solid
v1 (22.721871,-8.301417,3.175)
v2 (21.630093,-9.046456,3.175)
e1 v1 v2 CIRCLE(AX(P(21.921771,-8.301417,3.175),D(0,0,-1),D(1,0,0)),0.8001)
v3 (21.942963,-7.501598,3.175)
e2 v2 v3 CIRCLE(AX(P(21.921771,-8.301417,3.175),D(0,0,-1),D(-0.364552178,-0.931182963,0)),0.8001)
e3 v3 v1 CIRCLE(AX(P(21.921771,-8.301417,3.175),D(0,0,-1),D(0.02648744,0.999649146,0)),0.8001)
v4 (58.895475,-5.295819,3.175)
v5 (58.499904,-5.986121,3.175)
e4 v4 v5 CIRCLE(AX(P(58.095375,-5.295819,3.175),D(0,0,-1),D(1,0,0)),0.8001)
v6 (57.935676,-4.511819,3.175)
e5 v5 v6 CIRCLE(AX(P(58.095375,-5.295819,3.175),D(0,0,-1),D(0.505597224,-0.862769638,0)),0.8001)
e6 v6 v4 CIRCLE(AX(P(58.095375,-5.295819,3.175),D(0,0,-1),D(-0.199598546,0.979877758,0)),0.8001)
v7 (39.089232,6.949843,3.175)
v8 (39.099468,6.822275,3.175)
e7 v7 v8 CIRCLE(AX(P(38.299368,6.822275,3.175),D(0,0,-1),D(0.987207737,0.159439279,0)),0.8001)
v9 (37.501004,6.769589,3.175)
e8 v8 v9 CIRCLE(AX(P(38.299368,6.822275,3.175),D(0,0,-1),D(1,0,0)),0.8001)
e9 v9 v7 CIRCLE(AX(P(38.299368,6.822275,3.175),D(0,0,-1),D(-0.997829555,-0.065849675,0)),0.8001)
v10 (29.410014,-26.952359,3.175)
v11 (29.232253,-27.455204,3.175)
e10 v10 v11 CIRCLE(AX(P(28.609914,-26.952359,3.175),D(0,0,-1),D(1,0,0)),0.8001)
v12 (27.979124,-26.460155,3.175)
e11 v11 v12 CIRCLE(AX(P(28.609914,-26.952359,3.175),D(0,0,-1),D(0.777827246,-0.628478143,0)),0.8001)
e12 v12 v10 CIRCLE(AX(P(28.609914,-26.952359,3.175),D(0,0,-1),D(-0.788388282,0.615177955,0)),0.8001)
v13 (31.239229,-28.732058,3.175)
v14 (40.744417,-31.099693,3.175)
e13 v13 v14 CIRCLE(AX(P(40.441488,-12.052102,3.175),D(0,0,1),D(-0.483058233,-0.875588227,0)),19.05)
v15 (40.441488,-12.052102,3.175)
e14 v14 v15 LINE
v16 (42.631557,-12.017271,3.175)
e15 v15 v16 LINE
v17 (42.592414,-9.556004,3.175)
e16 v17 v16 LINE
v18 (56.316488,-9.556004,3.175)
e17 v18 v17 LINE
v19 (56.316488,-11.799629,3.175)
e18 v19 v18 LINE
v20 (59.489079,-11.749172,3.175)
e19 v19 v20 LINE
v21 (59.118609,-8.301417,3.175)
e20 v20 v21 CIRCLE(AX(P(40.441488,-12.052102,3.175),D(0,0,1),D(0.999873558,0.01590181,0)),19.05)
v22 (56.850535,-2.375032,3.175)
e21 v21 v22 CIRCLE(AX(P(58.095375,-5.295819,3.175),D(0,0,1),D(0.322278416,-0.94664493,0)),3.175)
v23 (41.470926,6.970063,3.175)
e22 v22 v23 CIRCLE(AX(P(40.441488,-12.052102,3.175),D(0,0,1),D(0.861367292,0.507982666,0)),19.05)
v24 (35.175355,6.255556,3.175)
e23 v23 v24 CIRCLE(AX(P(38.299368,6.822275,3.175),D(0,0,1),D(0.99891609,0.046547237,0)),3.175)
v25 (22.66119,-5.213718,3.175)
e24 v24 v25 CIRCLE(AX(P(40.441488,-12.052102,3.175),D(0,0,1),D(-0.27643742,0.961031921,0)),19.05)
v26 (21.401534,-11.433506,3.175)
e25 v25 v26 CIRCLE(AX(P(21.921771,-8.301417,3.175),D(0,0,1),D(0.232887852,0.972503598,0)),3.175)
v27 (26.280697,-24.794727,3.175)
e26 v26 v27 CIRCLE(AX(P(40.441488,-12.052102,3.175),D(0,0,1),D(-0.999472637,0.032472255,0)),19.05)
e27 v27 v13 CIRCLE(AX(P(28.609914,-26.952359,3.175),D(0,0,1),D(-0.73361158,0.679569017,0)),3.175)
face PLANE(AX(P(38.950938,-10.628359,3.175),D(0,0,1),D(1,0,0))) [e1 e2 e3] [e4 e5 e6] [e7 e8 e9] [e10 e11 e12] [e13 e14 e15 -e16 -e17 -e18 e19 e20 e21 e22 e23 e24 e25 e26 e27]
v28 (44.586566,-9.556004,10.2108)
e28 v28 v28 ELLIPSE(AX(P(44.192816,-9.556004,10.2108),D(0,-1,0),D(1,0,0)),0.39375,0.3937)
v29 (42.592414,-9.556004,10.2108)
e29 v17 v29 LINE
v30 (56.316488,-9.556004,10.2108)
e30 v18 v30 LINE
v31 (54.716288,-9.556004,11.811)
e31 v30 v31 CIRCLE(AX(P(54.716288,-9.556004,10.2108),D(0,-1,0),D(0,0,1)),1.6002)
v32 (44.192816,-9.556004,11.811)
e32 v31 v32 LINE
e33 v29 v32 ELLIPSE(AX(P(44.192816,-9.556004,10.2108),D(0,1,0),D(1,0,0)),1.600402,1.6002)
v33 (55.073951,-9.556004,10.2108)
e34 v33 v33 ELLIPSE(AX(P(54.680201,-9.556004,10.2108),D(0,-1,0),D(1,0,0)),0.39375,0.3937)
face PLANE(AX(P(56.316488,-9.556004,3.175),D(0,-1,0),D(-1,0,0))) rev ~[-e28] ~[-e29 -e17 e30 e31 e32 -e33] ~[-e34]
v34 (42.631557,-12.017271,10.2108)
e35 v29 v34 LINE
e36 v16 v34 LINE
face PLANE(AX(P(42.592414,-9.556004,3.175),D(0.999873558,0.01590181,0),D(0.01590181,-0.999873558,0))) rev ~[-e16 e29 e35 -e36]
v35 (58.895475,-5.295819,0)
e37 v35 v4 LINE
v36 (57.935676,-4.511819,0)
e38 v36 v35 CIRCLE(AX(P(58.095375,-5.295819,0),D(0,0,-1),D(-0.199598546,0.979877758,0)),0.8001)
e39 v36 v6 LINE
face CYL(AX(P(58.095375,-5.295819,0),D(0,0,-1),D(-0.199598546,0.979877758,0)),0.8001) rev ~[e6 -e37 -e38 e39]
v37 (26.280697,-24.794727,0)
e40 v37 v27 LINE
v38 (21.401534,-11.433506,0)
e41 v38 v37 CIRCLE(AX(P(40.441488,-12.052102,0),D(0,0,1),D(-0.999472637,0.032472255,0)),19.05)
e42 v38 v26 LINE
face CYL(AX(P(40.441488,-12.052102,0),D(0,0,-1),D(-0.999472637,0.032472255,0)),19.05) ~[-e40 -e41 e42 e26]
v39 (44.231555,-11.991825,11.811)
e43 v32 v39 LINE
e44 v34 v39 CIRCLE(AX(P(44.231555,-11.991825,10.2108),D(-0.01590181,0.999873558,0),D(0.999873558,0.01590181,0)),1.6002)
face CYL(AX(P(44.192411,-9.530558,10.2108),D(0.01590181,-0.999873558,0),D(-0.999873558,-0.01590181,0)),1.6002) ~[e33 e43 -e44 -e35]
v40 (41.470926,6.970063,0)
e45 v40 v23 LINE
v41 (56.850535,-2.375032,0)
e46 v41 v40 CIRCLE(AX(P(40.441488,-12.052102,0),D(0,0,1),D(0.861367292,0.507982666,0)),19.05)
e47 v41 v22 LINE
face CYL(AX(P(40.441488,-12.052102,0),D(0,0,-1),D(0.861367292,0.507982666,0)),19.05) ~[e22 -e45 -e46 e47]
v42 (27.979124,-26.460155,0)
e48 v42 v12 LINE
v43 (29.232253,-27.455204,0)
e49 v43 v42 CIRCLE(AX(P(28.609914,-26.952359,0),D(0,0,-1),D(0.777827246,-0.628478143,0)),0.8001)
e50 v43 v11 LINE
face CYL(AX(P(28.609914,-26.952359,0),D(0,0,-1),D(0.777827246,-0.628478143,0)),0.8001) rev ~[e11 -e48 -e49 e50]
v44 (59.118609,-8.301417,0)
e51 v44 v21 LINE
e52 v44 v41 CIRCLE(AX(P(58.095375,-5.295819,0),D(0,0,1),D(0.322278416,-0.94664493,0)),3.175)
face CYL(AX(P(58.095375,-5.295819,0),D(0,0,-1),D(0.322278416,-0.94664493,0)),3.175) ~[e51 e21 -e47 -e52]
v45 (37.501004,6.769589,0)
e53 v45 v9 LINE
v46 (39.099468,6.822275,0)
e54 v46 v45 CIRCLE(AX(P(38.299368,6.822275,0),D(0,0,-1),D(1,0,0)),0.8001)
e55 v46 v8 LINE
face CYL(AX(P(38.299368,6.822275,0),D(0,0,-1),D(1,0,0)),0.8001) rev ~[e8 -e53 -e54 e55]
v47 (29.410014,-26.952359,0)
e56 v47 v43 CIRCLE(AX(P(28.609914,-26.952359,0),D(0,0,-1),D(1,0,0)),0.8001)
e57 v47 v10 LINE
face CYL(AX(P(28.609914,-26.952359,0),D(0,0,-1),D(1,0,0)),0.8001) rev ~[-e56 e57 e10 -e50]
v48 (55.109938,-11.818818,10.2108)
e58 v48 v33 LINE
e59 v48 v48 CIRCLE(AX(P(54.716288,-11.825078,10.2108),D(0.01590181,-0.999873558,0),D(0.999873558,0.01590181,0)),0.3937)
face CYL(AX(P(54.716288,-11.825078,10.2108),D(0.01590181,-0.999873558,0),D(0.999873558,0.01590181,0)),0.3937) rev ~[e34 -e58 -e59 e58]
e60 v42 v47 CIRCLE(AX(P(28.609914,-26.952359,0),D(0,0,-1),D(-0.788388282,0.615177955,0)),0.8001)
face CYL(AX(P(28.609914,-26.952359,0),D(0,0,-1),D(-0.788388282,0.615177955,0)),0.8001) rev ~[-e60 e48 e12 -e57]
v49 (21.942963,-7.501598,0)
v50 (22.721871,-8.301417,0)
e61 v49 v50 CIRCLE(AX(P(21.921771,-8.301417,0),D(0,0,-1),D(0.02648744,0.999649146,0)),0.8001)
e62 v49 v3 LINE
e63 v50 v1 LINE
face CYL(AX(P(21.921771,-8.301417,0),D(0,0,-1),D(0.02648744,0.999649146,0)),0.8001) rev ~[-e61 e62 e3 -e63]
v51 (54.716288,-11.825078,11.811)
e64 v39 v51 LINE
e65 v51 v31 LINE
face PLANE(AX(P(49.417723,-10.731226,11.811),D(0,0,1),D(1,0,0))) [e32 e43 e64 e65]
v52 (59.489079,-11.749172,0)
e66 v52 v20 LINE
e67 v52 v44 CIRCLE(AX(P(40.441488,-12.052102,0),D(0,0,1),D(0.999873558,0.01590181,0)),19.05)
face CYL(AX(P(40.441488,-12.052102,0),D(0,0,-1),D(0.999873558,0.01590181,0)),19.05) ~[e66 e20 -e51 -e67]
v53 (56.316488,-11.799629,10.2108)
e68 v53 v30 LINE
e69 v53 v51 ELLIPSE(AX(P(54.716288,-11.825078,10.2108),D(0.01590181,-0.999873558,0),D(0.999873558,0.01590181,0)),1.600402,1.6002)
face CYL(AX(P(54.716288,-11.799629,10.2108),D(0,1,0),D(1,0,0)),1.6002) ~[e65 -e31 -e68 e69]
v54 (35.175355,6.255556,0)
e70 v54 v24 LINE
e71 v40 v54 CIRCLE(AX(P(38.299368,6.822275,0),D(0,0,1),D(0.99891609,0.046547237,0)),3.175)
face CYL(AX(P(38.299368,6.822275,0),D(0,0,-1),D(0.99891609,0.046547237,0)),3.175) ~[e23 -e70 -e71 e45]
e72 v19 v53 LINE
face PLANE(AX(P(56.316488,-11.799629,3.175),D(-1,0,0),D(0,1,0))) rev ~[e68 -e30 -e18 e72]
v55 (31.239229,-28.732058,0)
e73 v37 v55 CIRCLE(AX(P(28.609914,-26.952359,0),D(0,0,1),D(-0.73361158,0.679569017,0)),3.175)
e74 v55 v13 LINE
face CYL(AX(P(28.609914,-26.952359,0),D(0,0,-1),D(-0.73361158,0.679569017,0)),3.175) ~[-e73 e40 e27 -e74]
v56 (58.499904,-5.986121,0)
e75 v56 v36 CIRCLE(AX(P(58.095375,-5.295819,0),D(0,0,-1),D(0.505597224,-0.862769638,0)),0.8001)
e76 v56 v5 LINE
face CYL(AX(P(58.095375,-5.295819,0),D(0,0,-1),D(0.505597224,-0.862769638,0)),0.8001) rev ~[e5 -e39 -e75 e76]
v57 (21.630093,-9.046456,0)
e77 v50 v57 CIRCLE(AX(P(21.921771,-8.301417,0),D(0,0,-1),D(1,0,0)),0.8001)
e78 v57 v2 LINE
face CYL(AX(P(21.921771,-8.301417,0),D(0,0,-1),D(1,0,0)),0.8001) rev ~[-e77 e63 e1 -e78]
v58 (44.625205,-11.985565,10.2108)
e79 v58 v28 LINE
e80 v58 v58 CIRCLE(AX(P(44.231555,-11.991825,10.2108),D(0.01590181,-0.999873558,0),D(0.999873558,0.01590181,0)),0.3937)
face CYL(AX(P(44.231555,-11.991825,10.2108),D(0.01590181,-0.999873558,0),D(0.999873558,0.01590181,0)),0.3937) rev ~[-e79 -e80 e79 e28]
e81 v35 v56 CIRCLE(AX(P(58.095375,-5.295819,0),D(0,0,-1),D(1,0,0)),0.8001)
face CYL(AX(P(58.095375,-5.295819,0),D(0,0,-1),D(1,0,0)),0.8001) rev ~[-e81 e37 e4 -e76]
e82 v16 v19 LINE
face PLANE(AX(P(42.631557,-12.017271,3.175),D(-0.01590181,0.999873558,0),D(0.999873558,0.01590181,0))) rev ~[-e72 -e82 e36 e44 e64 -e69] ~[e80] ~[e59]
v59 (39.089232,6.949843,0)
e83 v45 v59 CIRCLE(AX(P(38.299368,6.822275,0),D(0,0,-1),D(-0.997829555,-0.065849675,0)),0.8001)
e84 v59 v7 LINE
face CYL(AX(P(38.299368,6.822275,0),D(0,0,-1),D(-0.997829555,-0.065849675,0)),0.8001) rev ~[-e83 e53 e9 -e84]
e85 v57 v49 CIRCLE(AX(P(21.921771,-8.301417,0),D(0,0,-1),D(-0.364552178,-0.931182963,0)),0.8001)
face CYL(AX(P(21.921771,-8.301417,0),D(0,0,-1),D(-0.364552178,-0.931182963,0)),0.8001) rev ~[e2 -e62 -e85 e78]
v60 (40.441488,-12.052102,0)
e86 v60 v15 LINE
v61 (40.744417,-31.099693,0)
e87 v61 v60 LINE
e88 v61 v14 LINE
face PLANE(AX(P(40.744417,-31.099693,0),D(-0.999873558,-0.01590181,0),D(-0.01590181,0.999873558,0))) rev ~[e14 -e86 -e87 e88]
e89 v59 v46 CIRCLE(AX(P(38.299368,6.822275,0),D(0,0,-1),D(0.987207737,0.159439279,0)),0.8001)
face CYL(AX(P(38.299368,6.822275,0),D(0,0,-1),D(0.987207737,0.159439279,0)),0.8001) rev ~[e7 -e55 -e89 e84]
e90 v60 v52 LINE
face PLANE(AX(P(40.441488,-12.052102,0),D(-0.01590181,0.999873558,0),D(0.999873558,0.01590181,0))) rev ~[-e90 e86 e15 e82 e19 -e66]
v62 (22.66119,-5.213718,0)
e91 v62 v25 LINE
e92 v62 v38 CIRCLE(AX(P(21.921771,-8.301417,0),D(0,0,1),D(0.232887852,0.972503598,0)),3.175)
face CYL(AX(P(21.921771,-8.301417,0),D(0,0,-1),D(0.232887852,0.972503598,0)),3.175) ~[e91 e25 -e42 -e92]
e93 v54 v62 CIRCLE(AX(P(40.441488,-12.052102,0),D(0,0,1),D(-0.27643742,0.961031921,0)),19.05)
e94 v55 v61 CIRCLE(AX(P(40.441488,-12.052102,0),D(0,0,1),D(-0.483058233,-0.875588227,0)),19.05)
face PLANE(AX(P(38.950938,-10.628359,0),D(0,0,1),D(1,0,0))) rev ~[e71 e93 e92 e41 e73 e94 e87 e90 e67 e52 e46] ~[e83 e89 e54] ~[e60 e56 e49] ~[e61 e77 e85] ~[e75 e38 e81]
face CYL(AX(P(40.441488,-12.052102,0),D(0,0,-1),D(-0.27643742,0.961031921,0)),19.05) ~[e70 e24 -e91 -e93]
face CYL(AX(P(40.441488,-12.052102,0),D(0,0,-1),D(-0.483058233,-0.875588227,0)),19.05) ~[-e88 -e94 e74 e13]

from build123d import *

# Parameters (mm, degrees)
F1_DEPTH = 3.175
F3_DEPTH = 8.636
F4_R     = 1.6002
F5_R     = 0.3937
F6_DEPTH = 25.4
F7_DEPTH = 25.4


with BuildPart() as f1:
    # F0 (on Top) → F1 (new body)
    with BuildSketch(Plane.XY):
        with BuildLine():
            ThreePointArc((31.2392285465, -28.7320576953), (35.8370397612, -30.5372732521), (40.7444173623, -31.0996932487))
            Line((40.7444173623, -31.0996932487), (40.4414878789, -12.0521019645))
            Line((40.4414878789, -12.0521019645), (59.489079163, -11.7491724811))
            ThreePointArc((59.489079163, -11.7491724811), (59.3824551279, -10.0168477616), (59.1186092237, -8.3014169243))
            ThreePointArc((59.1186092237, -8.3014169243), (58.8457012348, -7.1340301115), (58.4999035926, -5.9861212597))
            ThreePointArc((58.4999035926, -5.9861212597), (57.3481289048, -5.5817963761), (57.9356764569, -4.5118190787))
            ThreePointArc((57.9356764569, -4.5118190787), (57.4267405613, -3.4263445302), (56.8505347882, -2.3750321845))
            ThreePointArc((56.8505347882, -2.3750321845), (50.3338026609, 4.2280887055), (41.4709261237, 6.9700629202))
            ThreePointArc((41.4709261237, 6.9700629202), (40.2797629673, 6.9972115416), (39.0892324485, 6.949842811))
            ThreePointArc((39.0892324485, 6.949842811), (39.096904661, 6.8862640952), (39.0994675382, 6.822275443))
            ThreePointArc((39.0994675382, 6.822275443), (38.3257250063, 6.0226097042), (37.5010041114, 6.7695891182))
            ThreePointArc((37.5010041114, 6.7695891182), (36.33013815, 6.5489545487), (35.1753550199, 6.2555561247))
            ThreePointArc((35.1753550199, 6.2555561247), (27.5701803077, 1.991827023), (22.66118966, -5.2137179999))
            ThreePointArc((22.66118966, -5.2137179999), (22.2660417046, -6.3463455408), (21.9429633319, -7.5015976424))
            ThreePointArc((21.9429633319, -7.5015976424), (22.4949706136, -7.7432037883), (22.7218707315, -8.3014169243))
            ThreePointArc((22.7218707315, -8.3014169243), (22.3727631285, -8.9622995673), (21.6300925341, -9.0464564127))
            ThreePointArc((21.6300925341, -9.0464564127), (21.4782165965, -10.2363810963), (21.4015341389, -11.4335055067))
            ThreePointArc((21.4015341389, -11.4335055067), (22.5472730496, -18.5865931952), (26.2806968621, -24.7947271956))
            ThreePointArc((26.2806968621, -24.7947271956), (27.1038904808, -25.6539766753), (27.9791241647, -26.4601549439))
            ThreePointArc((27.9791241647, -26.4601549439), (28.8701686575, -26.1957695514), (29.4100136292, -26.9523588259))
            ThreePointArc((29.4100136292, -26.9523588259), (29.3642656384, -27.2190291398), (29.2322532085, -27.4552041879))
            ThreePointArc((29.2322532085, -27.4552041879), (30.2157917864, -28.1249871885), (31.2392285465, -28.7320576953))
        make_face()
        with BuildLine():
            ThreePointArc((26.2806968621, -24.7947271956), (26.6355383886, -29.438815624), (31.2392285465, -28.7320576953))
            ThreePointArc((31.2392285465, -28.7320576953), (30.2157917864, -28.1249871885), (29.2322532085, -27.4552041879))
            ThreePointArc((29.2322532085, -27.4552041879), (28.1123710686, -27.578945939), (27.9791241647, -26.4601549439))
            ThreePointArc((27.9791241647, -26.4601549439), (27.1038904808, -25.6539766753), (26.2806968621, -24.7947271956))
        make_face()
        with BuildLine():
            ThreePointArc((58.4999035926, -5.9861212597), (58.8457012348, -7.1340301115), (59.1186092237, -8.3014169243))
            ThreePointArc((59.1186092237, -8.3014169243), (61.0606385443, -4.1609894973), (56.8505347882, -2.3750321845))
            ThreePointArc((56.8505347882, -2.3750321845), (57.4267405613, -3.4263445302), (57.9356764569, -4.5118190787))
            ThreePointArc((57.9356764569, -4.5118190787), (58.6015298758, -4.6761681541), (58.895475254, -5.2958192727))
            ThreePointArc((58.895475254, -5.2958192727), (58.7895737608, -5.6936238015), (58.4999035926, -5.9861212597))
        make_face()
        with BuildLine():
            ThreePointArc((22.66118966, -5.2137179999), (18.809946607, -7.6711982175), (21.4015341389, -11.4335055067))
            ThreePointArc((21.4015341389, -11.4335055067), (21.4782165965, -10.2363810963), (21.6300925341, -9.0464564127))
            ThreePointArc((21.6300925341, -9.0464564127), (21.1375910521, -8.1426018102), (21.9429633319, -7.5015976424))
            ThreePointArc((21.9429633319, -7.5015976424), (22.2660417046, -6.3463455408), (22.66118966, -5.2137179999))
        make_face()
        with BuildLine():
            ThreePointArc((39.0892324485, 6.949842811), (40.2797629673, 6.9972115416), (41.4709261237, 6.9700629202))
            ThreePointArc((41.4709261237, 6.9700629202), (37.9413240389, 9.9770226362), (35.1753550199, 6.2555561247))
            ThreePointArc((35.1753550199, 6.2555561247), (36.33013815, 6.5489545487), (37.5010041114, 6.7695891182))
            ThreePointArc((37.5010041114, 6.7695891182), (38.2091405764, 7.6172717357), (39.0892324485, 6.949842811))
        make_face()
    extrude(amount=F1_DEPTH)

    # F2 (on face) → F3 (join)
    with BuildSketch(Plane.XY.offset(3.175)):
        Polygon((42.631557275, -12.0172714927), (56.3164878789, -11.7996288052), (56.3164878789, -9.556004395), (42.5924137235, -9.556004395), align=None)
    extrude(amount=F3_DEPTH)

    # F4
    f4_edges = [f1.edges().sort_by_distance(p)[0] for p in [
        (42.611985, -10.786638, 11.811),
        (56.316488, -10.677817, 11.811),
    ]]
    fillet(f4_edges, radius=F4_R)

    # F5 (on face) → F6 (cut)
    with BuildSketch(Plane(origin=(0.2018523454, -12.6920659276, 0), x_dir=(0.9998735582, 0.0159018102, 0), z_dir=(0.0159018102, -0.9998735582, 0))):
        with Locations((44.0352704953, 10.2108)):
            Circle(F5_R)
    extrude(amount=-F6_DEPTH, mode=Mode.SUBTRACT)

    # F5 (on face) → F7 (cut)
    with BuildSketch(Plane(origin=(0.2018523454, -12.6920659276, 0), x_dir=(0.9998735582, 0.0159018102, 0), z_dir=(0.0159018102, -0.9998735582, 0))):
        with Locations((44.0352704953, 10.2108)):
            Circle(F5_R)
        with Locations((54.5213293072, 10.2108)):
            Circle(F5_R)
    extrude(amount=-F7_DEPTH, mode=Mode.SUBTRACT)


solid = f1.part
